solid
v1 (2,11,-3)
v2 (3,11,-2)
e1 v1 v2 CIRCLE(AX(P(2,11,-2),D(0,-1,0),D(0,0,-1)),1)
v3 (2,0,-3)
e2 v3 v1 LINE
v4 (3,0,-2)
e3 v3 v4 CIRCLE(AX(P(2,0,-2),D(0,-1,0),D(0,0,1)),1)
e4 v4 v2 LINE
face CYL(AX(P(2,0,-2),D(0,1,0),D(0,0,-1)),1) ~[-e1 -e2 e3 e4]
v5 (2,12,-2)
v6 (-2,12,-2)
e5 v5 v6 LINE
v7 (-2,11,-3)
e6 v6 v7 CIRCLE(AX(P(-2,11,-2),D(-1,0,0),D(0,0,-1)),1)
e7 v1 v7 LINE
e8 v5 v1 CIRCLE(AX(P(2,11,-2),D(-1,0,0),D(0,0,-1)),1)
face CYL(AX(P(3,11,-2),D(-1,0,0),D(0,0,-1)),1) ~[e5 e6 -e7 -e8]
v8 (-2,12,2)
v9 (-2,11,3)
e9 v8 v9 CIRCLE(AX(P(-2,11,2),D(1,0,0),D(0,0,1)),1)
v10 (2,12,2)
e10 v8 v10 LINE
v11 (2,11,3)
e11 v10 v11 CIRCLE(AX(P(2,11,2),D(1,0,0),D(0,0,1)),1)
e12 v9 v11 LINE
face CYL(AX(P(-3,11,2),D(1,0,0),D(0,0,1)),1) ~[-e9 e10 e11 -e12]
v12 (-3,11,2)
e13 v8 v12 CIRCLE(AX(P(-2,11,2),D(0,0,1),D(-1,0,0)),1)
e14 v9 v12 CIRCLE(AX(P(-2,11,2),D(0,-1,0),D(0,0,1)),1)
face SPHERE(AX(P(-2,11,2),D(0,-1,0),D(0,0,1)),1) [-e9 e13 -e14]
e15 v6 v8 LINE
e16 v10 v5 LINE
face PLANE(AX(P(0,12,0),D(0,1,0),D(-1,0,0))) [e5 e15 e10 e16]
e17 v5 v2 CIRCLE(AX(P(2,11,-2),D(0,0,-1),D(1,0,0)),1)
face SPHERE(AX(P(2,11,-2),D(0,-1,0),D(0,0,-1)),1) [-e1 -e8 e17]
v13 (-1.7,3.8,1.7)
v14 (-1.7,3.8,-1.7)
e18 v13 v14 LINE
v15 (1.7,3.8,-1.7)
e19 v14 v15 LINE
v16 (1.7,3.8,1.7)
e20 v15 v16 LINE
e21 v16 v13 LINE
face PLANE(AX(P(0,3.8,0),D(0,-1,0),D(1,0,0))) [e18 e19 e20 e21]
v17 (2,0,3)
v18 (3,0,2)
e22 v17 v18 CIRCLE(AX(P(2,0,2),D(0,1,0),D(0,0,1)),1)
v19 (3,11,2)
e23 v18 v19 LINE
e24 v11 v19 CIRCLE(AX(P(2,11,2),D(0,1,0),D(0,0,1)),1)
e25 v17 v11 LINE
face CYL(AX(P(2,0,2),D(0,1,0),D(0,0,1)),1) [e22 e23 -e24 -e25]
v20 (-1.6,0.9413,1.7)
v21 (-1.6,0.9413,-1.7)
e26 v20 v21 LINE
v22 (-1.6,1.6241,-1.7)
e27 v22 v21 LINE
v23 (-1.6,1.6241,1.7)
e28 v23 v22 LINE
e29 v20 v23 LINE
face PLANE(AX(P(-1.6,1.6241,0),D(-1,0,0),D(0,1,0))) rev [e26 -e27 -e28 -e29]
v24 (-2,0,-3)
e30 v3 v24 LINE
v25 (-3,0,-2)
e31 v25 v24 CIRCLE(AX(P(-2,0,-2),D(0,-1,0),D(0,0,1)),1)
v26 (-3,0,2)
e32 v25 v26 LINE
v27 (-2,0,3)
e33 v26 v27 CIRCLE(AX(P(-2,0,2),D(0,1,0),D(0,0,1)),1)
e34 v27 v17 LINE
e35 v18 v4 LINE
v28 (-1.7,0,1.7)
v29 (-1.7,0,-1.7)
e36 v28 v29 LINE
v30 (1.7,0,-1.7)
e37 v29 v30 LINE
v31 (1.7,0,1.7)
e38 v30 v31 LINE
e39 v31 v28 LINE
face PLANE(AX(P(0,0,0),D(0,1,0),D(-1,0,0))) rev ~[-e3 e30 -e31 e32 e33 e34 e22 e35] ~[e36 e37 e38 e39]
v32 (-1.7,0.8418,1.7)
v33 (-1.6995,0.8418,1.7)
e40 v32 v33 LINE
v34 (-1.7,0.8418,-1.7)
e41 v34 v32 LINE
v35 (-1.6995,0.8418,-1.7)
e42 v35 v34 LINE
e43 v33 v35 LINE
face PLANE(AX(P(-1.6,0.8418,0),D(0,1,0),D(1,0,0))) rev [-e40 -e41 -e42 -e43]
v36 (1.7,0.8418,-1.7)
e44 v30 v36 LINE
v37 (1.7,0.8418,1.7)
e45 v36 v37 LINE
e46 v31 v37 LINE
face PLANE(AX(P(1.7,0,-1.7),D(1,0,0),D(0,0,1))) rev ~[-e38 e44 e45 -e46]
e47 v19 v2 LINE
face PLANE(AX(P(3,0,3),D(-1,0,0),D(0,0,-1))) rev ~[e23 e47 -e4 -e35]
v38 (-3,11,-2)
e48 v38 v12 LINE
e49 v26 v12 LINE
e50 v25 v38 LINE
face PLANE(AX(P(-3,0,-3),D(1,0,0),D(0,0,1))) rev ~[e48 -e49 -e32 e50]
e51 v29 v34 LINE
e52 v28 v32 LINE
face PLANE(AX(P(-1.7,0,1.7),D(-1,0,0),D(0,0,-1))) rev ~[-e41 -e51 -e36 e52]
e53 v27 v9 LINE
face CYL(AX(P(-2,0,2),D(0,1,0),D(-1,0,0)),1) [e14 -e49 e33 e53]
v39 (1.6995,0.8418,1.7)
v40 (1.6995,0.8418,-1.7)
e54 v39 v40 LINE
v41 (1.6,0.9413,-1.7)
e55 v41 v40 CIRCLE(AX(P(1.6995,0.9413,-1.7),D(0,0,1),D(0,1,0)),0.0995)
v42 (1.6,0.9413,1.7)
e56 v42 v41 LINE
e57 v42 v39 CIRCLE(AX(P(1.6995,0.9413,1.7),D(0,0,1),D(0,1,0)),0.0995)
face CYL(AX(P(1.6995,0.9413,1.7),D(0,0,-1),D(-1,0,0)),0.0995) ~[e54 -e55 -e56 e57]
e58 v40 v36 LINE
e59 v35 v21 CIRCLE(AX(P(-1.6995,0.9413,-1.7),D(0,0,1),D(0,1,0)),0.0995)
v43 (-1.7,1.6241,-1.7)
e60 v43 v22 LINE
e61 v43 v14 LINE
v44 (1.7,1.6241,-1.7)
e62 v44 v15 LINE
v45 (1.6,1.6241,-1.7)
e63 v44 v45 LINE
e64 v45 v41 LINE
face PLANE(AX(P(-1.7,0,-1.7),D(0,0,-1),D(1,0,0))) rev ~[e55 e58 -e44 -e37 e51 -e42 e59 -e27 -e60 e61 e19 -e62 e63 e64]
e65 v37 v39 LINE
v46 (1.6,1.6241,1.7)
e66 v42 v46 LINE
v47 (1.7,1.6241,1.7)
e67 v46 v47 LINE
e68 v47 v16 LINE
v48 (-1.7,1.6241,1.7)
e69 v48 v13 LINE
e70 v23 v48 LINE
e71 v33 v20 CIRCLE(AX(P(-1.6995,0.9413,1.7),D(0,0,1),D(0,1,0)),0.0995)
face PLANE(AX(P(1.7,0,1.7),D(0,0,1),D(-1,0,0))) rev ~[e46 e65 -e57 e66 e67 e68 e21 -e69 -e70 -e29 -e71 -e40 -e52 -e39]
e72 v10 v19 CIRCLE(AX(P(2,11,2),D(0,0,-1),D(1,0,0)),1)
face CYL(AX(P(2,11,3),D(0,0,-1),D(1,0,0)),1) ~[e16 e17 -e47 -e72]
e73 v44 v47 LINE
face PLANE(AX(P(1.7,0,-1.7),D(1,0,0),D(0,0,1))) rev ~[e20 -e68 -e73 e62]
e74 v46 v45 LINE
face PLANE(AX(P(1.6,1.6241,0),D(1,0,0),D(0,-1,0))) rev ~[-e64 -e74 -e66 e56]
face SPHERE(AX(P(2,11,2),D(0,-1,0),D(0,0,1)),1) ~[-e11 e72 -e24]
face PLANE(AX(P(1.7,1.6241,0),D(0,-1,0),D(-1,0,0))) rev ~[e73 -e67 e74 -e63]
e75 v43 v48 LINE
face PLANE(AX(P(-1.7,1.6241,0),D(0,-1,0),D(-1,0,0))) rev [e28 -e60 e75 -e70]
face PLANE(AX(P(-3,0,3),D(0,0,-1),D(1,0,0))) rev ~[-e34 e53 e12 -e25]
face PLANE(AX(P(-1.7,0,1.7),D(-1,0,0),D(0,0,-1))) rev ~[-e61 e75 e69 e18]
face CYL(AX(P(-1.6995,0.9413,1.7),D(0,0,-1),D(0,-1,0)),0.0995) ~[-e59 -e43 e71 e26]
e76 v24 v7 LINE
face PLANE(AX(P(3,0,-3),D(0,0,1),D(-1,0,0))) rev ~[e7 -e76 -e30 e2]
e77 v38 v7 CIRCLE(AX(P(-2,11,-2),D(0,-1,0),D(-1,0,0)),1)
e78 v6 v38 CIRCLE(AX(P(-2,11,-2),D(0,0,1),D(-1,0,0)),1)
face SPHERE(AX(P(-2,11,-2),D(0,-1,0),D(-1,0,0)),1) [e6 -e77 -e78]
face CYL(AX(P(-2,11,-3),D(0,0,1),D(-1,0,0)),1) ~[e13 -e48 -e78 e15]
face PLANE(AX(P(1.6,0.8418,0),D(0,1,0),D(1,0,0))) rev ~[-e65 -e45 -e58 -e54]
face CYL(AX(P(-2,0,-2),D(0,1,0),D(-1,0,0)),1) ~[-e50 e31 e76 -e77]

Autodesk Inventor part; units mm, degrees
ref_plane "YZ Plane" through (0, 0, 0) normal (1, 0, 0) x (0, 1, 0)
ref_plane "XZ Plane" through (0, 0, 0) normal (0, 1, 0) x (-1, 0, 0)
ref_plane "XY Plane" through (0, 0, 0) normal (0, 0, 1) x (1, 0, 0)
sketch "Sketch1" plane through (0, 0, 0) normal (0, 1, 0) x (-1, 0, 0)
  line L0 (3, 3) -> (-3, 3)
  line L1 (-3, 3) -> (-3, -3)
  line L2 (-3, -3) -> (3, -3)
  line L3 (3, -3) -> (3, 3)
  line L4 (3, 3) -> (-3, -3) construction
  line L5 (-3, 3) -> (3, -3) construction
  point P0 (0, 0)
  dimension "d0" = 6
  dimension "d1" = 6
extrude "Extrusion1" add sketch "Sketch1" along normal blind 12
sketch "Sketch2" plane through (0, 0, 0) normal (0, -1, 0) x (1, 0, 0)
  line L0 (-1.7, -1.7) -> (1.7, -1.7)
  line L1 (1.7, -1.7) -> (1.7, 1.7)
  line L2 (1.7, 1.7) -> (-1.7, 1.7)
  line L3 (-1.7, 1.7) -> (-1.7, -1.7)
  line L4 (-1.7, -1.7) -> (1.7, 1.7) construction
  line L5 (1.7, -1.7) -> (-1.7, 1.7) construction
  point P0 (0, 0)
  dimension "d4" = 3.4
  dimension "d5" = 3.4
extrude "Extrusion2" cut sketch "Sketch2" against normal blind 3.8
sketch "Sketch3" plane through (0, 0, 0) normal (0, 0, 1) x (1, 0, 0)
  line L0 (-1.65, 0.7481) -> (1.65, 0.7481) projected
  line L1 (1.25, 1.7481) -> (1.25, 0.7481) projected
  line L2 (-1.65, 1.7481) -> (1.65, 1.7481) projected
  line L3 (-1.25, 0.7481) -> (-1.25, 1.7481) projected
  line L4 (1.7, 0) -> (1.7, 3.8) projected
  line L5 (1.7, 1.6241) -> (1.6, 1.6241)
  line L6 (1.6, 1.6241) -> (1.6, 0.8418)
  line L7 (1.6, 0.8418) -> (1.7, 0.8418)
  line L8 (1.7, 0.8418) -> (1.7, 1.6241)
  point P0 (0, 0)
  dimension "d8" = 0.1
extrude "Extrusion3" add sketch "Sketch3" along normal mid plane 3.8 contours L7 L6 L5 L4
mirror "Mirror1" about plane through (0, 0, 0) normal (1, 0, 0) of "Extrusion3"
fillet "Fillet1" radius 0.1 2 edges at (-1.6, 0.8418, 0) (1.6, 0.8418, 0)
fillet "Fillet2" radius 1 8 edges at (-3, 6, 3) (3, 6, 3) (3, 6, -3) (-3, 6, -3) (0, 12, 3) (-3, 12, 0) (0, 12, -3) (3, 12, 0)
properties part number "Button"
